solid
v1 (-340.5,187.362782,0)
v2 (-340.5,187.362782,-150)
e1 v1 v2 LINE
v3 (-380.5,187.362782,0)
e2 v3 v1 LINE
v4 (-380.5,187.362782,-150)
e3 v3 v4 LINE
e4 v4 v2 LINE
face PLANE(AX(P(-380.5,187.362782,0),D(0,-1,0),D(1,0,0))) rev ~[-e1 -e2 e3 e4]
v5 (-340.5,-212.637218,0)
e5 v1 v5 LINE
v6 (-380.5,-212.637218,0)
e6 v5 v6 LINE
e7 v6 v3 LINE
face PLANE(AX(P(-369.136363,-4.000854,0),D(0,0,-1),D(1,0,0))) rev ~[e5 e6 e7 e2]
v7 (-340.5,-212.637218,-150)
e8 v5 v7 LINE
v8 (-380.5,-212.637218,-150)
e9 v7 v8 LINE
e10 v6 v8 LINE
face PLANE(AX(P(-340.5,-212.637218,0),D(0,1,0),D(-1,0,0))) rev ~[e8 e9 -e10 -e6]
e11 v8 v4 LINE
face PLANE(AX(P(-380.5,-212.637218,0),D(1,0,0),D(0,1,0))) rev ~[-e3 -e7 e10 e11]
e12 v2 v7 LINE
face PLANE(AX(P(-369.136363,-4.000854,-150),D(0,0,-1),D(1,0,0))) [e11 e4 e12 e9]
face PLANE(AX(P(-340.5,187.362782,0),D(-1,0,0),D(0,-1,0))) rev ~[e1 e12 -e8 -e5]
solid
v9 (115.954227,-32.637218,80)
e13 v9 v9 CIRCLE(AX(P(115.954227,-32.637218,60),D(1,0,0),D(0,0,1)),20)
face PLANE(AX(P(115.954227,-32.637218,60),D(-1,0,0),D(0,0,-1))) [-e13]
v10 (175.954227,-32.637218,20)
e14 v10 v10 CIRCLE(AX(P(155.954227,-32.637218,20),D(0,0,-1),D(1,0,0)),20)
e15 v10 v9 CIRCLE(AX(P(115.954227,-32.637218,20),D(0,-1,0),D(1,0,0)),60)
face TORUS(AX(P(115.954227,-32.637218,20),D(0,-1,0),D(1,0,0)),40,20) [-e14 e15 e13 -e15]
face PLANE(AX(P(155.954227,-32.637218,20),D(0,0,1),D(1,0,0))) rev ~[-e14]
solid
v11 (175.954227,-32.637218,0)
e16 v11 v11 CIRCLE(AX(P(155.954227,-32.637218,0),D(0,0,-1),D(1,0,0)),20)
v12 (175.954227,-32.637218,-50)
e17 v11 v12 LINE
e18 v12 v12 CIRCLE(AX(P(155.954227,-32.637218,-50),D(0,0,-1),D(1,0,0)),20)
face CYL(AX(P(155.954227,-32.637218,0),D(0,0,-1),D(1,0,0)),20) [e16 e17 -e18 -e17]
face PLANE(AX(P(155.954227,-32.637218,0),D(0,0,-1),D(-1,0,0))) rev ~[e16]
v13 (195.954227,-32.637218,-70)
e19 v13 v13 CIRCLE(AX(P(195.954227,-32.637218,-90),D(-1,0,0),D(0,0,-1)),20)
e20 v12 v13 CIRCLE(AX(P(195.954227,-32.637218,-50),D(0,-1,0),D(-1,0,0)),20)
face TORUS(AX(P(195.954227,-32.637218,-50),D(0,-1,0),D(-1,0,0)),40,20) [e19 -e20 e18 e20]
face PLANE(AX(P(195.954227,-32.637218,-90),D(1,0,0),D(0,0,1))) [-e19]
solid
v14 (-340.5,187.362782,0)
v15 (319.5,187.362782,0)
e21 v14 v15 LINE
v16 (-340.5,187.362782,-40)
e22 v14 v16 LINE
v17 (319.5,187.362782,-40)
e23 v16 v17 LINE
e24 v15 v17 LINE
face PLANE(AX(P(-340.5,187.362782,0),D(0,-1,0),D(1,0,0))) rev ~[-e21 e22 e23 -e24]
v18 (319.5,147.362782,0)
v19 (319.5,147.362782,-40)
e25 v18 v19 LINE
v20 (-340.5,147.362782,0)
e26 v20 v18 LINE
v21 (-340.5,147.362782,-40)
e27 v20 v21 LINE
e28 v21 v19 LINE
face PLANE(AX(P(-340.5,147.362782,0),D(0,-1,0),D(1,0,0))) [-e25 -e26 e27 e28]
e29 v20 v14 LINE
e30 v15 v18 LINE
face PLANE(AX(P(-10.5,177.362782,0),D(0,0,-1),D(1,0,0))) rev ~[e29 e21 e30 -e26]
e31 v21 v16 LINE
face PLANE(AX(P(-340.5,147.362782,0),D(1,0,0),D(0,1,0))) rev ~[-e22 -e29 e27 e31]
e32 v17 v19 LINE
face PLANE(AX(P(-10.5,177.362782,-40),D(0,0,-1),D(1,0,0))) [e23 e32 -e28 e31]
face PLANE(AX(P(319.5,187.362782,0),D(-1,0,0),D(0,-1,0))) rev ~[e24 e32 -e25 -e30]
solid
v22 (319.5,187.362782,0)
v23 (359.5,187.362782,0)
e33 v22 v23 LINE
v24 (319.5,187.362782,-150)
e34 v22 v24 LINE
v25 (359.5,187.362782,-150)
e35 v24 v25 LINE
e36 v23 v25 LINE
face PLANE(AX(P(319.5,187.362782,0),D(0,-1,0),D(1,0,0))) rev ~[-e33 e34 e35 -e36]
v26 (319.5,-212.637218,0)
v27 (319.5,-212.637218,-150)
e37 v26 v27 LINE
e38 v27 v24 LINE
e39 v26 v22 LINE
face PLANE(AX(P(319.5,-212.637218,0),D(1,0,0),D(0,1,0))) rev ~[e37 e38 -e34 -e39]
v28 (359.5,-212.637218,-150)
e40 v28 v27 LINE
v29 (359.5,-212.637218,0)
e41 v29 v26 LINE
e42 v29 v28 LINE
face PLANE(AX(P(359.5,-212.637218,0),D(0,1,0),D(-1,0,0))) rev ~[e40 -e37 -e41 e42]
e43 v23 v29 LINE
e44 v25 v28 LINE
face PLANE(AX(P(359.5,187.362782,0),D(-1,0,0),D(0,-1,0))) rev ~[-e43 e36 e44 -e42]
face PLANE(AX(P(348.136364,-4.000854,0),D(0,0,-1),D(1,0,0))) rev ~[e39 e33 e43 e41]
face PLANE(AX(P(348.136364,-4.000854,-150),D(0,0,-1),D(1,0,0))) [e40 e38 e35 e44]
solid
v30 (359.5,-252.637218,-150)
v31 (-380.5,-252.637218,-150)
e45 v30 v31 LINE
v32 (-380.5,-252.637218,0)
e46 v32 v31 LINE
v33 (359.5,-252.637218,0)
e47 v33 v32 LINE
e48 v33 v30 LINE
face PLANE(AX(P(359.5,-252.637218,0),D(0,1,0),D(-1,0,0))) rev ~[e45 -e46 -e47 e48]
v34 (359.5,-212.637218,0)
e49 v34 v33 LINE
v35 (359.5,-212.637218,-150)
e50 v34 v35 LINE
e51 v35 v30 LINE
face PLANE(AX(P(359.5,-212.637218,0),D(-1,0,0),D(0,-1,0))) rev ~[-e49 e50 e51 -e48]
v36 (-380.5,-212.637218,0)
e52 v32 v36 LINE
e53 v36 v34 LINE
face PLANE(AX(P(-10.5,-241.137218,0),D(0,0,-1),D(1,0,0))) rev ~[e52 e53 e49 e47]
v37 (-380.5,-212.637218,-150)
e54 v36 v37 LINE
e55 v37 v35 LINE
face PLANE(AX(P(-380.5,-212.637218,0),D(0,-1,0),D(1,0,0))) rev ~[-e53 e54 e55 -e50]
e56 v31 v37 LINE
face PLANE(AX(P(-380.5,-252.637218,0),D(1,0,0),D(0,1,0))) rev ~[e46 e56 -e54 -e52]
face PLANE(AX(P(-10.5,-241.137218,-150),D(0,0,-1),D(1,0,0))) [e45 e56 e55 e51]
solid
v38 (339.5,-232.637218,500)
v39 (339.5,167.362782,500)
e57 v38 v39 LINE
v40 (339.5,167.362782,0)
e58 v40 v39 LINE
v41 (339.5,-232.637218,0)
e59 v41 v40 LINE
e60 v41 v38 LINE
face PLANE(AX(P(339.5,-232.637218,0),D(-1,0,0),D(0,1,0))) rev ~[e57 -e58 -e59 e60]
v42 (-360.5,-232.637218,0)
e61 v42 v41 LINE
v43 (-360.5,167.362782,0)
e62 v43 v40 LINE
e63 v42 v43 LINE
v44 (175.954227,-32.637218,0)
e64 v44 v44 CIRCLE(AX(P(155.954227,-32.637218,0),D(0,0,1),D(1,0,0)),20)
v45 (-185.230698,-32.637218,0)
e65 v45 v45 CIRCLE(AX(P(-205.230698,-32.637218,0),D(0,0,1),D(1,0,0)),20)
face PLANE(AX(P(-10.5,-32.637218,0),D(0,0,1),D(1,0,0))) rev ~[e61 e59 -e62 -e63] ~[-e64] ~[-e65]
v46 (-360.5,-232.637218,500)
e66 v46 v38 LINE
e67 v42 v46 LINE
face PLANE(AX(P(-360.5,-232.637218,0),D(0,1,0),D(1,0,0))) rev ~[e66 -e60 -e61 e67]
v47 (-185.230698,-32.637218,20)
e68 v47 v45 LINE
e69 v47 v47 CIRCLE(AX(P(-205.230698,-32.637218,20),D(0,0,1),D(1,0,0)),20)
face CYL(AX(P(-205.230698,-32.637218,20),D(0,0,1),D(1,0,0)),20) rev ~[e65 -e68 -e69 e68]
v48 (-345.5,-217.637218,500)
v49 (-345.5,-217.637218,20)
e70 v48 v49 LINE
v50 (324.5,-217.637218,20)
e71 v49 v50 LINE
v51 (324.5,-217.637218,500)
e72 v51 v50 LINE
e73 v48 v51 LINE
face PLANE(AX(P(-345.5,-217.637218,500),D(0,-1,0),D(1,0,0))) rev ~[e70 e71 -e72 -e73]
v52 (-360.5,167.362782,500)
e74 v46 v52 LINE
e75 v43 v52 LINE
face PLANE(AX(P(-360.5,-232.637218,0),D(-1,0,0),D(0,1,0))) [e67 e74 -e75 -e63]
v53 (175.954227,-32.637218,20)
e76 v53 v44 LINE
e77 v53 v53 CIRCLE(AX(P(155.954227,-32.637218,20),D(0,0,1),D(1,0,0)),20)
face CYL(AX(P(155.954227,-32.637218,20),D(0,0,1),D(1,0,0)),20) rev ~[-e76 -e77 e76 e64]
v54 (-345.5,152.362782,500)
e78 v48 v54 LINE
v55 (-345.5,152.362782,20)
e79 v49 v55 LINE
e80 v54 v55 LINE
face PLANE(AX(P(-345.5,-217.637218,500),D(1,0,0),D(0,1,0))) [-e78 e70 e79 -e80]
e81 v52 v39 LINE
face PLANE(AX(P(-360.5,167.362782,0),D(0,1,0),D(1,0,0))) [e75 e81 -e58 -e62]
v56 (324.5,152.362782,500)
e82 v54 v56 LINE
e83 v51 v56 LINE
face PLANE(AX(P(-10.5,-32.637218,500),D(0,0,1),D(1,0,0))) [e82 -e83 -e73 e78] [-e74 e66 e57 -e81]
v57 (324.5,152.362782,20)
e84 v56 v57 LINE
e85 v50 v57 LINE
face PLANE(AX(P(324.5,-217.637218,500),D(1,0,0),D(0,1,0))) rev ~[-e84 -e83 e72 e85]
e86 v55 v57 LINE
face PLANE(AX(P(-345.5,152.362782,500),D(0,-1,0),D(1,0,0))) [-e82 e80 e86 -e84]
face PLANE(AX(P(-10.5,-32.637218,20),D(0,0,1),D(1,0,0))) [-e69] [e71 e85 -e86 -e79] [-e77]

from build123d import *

# Parameters (mm, degrees)
F0_W      = 700
F0_H      = 400
F1_DEPTH  = 500
F2_W      = 670
F2_H      = 370
F3_DEPTH  = 480
F5_DEPTH  = 150
F6_DEPTH  = 150
F7_DEPTH  = 150
F4_W      = 660
F4_H      = 20
F8_DEPTH  = 40
F9_R      = 20
F10_DEPTH = 170.001
F14_R     = 20


with BuildPart() as f1:
    # F0 (on Top) → F1 (new body)
    with BuildSketch(Plane.XY):
        with Locations((-10.4999998584, -32.6372176104)):
            Rectangle(F0_W, F0_H)
    extrude(amount=F1_DEPTH)

    # F2 (on face) → F3 (cut)
    with BuildSketch(Plane.XY.offset(500)):
        with Locations((-10.4999998584, -32.6372176104)):
            Rectangle(F2_W, F2_H)
    extrude(amount=-F3_DEPTH, mode=Mode.SUBTRACT)

    # F9 (on face) → F10 (cut, through all)
    with BuildSketch(Plane.XY.offset(20)):
        with Locations((-205.2306979895, -32.6372176104)):
            Circle(F9_R)
        with Locations((155.9542268515, -32.6372176104)):
            Circle(F9_R)
    extrude(amount=-F10_DEPTH, mode=Mode.SUBTRACT)


with BuildPart() as f5:
    # F4 (on face) → F5 (new body)
    with BuildSketch(Plane(origin=(0, 0, 0), x_dir=(1, 0, 0), z_dir=(0, 0, -1))):
        Polygon((-360.4999998584, 212.6372176104), (-380.4999998584, 212.6372176104), (-380.4999998584, -187.3627823896), (-340.4999998584, -187.3627823896), (-340.4999998584, -167.3627823896), (-360.4999998584, -167.3627823896), align=None)
        Polygon((-340.4999998584, 212.6372176104), (-360.4999998584, 212.6372176104), (-360.4999998584, -167.3627823896), (-340.4999998584, -167.3627823896), (-340.4999998584, -147.3627823896), align=None)
    extrude(amount=F5_DEPTH)


with BuildPart() as f6:
    # F4 (on face) → F6 (new body)
    with BuildSketch(Plane(origin=(0, 0, 0), x_dir=(1, 0, 0), z_dir=(0, 0, -1))):
        Polygon((359.5000001416, 252.6372176104), (-380.4999998584, 252.6372176104), (-380.4999998584, 212.6372176104), (-360.4999998584, 212.6372176104), (-360.4999998584, 232.6372176104), (339.5000001416, 232.6372176104), (339.5000001416, 212.6372176104), (359.5000001416, 212.6372176104), align=None)
        Polygon((-360.4999998584, 232.6372176104), (-360.4999998584, 212.6372176104), (-340.4999998584, 212.6372176104), (319.5000001416, 212.6372176104), (339.5000001416, 212.6372176104), (339.5000001416, 232.6372176104), align=None)
    extrude(amount=F6_DEPTH)


with BuildPart() as f7:
    # F4 (on face) → F7 (new body)
    with BuildSketch(Plane(origin=(0, 0, 0), x_dir=(1, 0, 0), z_dir=(0, 0, -1))):
        Polygon((359.5000001416, -187.3627823896), (359.5000001416, 212.6372176104), (339.5000001416, 212.6372176104), (339.5000001416, -167.3627823896), (319.5000001416, -167.3627823896), (319.5000001416, -187.3627823896), align=None)
        Polygon((339.5000001416, -167.3627823896), (339.5000001416, 212.6372176104), (319.5000001416, 212.6372176104), (319.5000001416, -147.3627823896), (319.5000001416, -167.3627823896), align=None)
    extrude(amount=F7_DEPTH)


with BuildPart() as f8:
    # F4 (on face) → F8 (new body)
    with BuildSketch(Plane(origin=(0, 0, 0), x_dir=(1, 0, 0), z_dir=(0, 0, -1))):
        with Locations((-10.4999998584, -177.3627823896)):
            Rectangle(F4_W, F4_H)
        with Locations((-10.4999998584, -157.3627823896)):
            Rectangle(F4_W, F4_H)
    extrude(amount=F8_DEPTH)


with BuildPart() as f13:
    # F13: sweep along a path in F12
    with BuildLine(Plane.XZ.offset(32.6372176104)) as f13_path:
        ThreePointArc((155.9542268515, 20), (144.2384980989, 48.2842712475), (115.9542268515, 60))
    # F9 (on face) → F13 (sweep)
    with BuildSketch(Plane.XY.offset(20)):
        with Locations((155.9542268515, -32.6372176104)):
            Circle(F9_R)
    sweep(path=f13_path.line)


with BuildPart() as f15:
    # F15: sweep along a path in F12
    with BuildLine(Plane.XZ.offset(32.6372176104)) as f15_path:
        Line((155.9542268515, 0), (155.9542268515, -50))
        ThreePointArc((155.9542268515, -50), (167.669955604, -78.2842712475), (195.9542268515, -90))
    # F14 (on face) → F15 (sweep)
    with BuildSketch(Plane(origin=(0, 0, 0), x_dir=(1, 0, 0), z_dir=(0, 0, -1))):
        with Locations((155.9542268515, 32.6372176104)):
            Circle(F14_R)
    sweep(path=f15_path.line)


solid = Compound([f1.part, f5.part, f6.part, f7.part, f8.part, f13.part, f15.part])
